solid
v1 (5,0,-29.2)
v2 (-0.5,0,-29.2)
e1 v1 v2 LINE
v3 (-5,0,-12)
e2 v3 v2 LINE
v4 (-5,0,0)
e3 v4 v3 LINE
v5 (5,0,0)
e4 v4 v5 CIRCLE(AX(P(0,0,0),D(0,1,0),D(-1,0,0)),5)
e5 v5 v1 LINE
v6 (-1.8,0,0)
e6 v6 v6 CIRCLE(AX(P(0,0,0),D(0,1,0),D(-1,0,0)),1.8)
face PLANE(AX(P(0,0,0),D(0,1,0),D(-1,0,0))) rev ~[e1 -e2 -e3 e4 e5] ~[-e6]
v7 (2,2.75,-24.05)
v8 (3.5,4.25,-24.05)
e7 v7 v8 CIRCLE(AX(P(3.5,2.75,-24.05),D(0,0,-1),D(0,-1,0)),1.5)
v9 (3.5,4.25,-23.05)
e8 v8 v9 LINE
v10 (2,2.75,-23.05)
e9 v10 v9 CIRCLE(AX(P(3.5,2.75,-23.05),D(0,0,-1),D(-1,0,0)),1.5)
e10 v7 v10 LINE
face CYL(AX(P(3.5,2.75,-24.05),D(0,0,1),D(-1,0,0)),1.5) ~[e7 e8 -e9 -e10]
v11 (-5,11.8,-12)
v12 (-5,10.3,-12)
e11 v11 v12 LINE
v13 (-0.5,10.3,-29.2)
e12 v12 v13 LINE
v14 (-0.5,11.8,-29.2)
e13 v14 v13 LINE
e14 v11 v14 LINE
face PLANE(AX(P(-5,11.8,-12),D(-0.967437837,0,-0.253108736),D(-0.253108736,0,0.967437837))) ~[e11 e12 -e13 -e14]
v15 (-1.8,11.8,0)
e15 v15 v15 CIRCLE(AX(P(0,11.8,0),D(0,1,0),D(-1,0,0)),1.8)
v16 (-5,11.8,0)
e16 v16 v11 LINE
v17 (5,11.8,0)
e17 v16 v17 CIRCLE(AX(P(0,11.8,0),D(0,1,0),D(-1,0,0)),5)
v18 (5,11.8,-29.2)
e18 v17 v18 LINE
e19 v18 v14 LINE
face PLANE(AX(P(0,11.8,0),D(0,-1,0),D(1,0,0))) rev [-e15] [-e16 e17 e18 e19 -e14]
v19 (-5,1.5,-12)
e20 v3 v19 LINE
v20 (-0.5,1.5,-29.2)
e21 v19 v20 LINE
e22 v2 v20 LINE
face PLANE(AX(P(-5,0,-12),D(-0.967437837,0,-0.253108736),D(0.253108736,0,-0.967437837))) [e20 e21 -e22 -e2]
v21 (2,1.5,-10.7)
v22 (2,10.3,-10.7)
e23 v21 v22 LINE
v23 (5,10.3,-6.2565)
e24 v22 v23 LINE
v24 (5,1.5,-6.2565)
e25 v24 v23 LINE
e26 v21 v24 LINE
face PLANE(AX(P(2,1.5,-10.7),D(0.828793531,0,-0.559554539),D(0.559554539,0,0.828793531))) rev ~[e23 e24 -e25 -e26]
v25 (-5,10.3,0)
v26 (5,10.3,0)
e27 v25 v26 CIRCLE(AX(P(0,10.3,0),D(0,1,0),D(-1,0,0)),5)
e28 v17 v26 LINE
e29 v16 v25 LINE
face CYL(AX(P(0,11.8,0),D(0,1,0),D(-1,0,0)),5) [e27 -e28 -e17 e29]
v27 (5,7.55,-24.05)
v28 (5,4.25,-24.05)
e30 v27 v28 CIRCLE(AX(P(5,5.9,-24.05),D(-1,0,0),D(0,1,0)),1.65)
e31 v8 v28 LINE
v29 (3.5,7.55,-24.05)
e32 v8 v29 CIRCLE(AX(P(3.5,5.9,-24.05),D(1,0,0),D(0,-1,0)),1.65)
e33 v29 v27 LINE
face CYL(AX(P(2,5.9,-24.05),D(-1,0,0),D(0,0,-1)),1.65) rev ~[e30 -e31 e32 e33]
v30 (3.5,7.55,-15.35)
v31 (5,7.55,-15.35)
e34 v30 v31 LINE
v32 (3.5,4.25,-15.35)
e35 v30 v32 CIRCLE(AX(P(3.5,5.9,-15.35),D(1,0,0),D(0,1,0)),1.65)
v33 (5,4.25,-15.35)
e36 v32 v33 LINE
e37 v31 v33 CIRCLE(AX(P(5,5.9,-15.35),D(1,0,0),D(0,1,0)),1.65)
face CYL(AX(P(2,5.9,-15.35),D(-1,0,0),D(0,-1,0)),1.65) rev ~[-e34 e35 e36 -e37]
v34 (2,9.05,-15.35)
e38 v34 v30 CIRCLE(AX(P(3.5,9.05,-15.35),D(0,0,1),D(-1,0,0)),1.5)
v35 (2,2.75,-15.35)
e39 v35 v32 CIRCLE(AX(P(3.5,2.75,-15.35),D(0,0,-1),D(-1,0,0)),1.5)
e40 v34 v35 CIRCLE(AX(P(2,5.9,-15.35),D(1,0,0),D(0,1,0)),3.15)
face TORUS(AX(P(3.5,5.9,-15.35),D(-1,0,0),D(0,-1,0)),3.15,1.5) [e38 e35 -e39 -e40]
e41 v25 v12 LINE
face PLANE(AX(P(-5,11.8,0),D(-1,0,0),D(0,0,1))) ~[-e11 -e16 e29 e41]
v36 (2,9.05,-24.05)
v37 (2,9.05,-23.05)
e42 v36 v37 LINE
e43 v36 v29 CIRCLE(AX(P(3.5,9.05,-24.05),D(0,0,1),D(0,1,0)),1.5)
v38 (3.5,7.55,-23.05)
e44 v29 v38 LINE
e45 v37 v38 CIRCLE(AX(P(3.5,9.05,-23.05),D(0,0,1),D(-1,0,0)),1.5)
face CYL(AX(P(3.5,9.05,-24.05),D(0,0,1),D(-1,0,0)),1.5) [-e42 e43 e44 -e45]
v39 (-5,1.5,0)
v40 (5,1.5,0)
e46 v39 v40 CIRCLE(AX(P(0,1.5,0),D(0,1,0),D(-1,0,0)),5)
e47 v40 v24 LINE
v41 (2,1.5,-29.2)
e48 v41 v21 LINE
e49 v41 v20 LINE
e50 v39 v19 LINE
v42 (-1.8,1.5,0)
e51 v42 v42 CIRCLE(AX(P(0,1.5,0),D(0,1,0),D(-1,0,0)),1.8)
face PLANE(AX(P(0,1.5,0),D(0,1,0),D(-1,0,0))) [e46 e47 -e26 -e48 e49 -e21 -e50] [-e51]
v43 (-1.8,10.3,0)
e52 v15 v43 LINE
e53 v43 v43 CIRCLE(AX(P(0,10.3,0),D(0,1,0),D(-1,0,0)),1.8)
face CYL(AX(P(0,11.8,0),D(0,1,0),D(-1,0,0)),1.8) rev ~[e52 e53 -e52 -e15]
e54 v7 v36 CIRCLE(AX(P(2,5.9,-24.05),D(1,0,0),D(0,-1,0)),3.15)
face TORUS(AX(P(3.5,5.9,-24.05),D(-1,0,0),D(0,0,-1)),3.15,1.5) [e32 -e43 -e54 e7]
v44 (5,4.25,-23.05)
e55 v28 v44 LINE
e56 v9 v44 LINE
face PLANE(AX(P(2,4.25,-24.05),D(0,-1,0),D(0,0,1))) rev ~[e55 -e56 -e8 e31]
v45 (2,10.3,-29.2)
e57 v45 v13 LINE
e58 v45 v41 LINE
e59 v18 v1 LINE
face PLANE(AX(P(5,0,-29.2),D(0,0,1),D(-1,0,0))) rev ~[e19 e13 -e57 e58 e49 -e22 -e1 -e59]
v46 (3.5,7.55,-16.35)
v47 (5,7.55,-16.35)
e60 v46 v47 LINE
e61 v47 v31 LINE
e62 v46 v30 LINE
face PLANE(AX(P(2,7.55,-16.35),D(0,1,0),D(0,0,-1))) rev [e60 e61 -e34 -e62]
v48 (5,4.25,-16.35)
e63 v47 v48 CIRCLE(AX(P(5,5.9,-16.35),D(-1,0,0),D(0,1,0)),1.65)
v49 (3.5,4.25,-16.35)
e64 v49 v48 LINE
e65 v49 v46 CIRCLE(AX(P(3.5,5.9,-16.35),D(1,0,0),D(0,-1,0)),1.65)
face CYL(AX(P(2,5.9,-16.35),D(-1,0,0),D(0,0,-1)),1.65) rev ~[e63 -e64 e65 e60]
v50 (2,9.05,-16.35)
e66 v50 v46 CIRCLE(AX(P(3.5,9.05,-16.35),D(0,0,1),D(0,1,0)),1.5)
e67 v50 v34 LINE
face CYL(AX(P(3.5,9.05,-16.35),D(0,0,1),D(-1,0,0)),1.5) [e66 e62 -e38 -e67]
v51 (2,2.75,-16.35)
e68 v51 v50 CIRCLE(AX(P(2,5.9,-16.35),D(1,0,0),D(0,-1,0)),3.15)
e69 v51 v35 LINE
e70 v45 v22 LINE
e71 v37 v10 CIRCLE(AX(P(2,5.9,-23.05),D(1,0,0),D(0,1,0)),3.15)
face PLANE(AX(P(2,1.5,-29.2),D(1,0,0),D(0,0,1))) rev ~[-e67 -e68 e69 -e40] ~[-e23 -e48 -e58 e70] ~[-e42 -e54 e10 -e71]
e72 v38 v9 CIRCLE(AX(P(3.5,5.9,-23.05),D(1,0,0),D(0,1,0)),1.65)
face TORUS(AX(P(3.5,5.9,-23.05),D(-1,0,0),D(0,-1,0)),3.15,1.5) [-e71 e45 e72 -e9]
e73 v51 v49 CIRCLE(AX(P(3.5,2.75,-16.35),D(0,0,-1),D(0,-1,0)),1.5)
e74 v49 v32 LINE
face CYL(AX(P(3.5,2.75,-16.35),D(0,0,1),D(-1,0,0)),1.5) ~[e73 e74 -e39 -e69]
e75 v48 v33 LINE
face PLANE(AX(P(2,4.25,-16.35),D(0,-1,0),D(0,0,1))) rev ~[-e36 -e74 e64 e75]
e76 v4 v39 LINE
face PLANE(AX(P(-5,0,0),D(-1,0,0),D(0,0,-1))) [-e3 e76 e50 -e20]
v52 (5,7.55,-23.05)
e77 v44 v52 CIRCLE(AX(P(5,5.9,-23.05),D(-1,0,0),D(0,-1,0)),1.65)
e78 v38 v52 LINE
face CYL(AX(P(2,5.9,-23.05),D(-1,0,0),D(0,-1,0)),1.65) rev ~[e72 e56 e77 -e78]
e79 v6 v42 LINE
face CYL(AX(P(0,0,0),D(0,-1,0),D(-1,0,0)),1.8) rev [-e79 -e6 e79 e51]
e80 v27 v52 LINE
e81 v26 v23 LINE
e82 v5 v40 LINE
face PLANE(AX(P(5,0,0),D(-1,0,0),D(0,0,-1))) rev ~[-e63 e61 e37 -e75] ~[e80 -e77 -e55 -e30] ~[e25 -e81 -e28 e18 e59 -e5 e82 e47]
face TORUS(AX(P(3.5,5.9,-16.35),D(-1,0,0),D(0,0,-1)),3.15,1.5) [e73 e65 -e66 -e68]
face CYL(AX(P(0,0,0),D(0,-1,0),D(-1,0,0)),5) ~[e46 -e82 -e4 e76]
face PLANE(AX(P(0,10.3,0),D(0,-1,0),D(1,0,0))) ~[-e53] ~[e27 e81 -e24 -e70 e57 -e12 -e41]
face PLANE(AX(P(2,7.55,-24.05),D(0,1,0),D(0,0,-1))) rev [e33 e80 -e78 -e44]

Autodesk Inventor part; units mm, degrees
ref_plane "YZ Plane" through (0, 0, 0) normal (1, 0, 0) x (0, 1, 0)
ref_plane "XZ Plane" through (0, 0, 0) normal (0, 1, 0) x (-1, 0, 0)
ref_plane "XY Plane" through (0, 0, 0) normal (0, 0, 1) x (1, 0, 0)
sketch "Skizze1" plane through (0, 0, 0) normal (0, 1, 0) x (-1, 0, 0)
  arc A0 (5, 0) -> (-5, 0) centre (0, 0) ccw
  circle A1 centre (0, 0) radius 1.8
  line L0 (-5, 0) -> (-5, -29.2)
  line L1 (-5, -29.2) -> (0.5, -29.2)
  line L2 (5, 0) -> (5, -12)
  line L3 (5, -12) -> (0.5, -29.2)
  dimension "d0" = 10
  dimension "d1" = 3.6
  dimension "d2" = 29.2
  dimension "d3" = 5.5
  dimension "d4" = 12
extrude "Extrusion1" add sketch "Skizze1" along normal blind 1.5
sketch "Skizze2" plane through (0, 1.5, 0) normal (0, 1, 0) x (1, 0, 0)
  line L0 (4.9805, 29.2565) -> (5, 6.2565)
  line L1 (5, 0) -> (5, 29.2) projected
  line L2 (5, 29.2) -> (2, 29.2)
  line L3 (2, 29.2) -> (2, 10.7)
  line L4 (2, 10.7) -> (5, 6.2565)
  point P0 (0, 0)
  dimension "d7" = 23
  dimension "d8" = 3
  dimension "d9" = 18.5
extrude "Extrusion2" add sketch "Skizze2" along normal blind 4.4
sketch "Skizze3" plane through (2, 1.5, -29.2) normal (-1, 0, 0) x (0, 0, 1)
  line L0 (22.9435, 4.4) -> (0, 4.4) construction
  line L1 (0, 4.4) -> (3.5, 4.4) construction
  line L2 (0, 3.6562) -> (11.2, 3.6562) construction
  line L3 (3.5, 4.4) -> (7.8, 4.4) construction
  line L4 (11.2, 4.4) -> (15.5, 4.4) construction
  line L5 (3.5, 4.4) -> (7.8, 4.4) construction
  line L6 (5.15, 2.75) -> (6.15, 2.75)
  arc A0 (3.5, 4.4) -> (5.15, 2.75) centre (5.15, 4.4) ccw
  arc A1 (6.15, 2.75) -> (7.8, 4.4) centre (6.15, 4.4) ccw
  line L7 (11.2, 4.4) -> (15.5, 4.4) construction
  line L8 (12.85, 2.75) -> (13.85, 2.75)
  arc A2 (11.2, 4.4) -> (12.85, 2.75) centre (12.85, 4.4) ccw
  arc A3 (13.85, 2.75) -> (15.5, 4.4) centre (13.85, 4.4) ccw
  line L9 (3.5, 4.4) -> (7.8, 4.4)
  line L10 (11.2, 4.4) -> (15.5, 4.4)
  point P0 (29.2, -1.5)
  point P1 (5.65, 4.4)
  point P2 (13.35, 4.4)
extrude "Extrusion3" cut sketch "Skizze3" against normal blind 4.4
fillet "Rundung1" radius 1.5 6 edges at (2, 4.25, -23.55) (2, 4.7333, -25.2167) (2, 4.7333, -21.8833) (2, 4.7333, -17.5167) (2, 4.7333, -14.1833) (2, 4.25, -15.85)
mirror "Spiegeln1" about plane through (3.6338, 5.9, -18.2488) normal (0, 1, 0)
properties part number "chain_end_elmt"
